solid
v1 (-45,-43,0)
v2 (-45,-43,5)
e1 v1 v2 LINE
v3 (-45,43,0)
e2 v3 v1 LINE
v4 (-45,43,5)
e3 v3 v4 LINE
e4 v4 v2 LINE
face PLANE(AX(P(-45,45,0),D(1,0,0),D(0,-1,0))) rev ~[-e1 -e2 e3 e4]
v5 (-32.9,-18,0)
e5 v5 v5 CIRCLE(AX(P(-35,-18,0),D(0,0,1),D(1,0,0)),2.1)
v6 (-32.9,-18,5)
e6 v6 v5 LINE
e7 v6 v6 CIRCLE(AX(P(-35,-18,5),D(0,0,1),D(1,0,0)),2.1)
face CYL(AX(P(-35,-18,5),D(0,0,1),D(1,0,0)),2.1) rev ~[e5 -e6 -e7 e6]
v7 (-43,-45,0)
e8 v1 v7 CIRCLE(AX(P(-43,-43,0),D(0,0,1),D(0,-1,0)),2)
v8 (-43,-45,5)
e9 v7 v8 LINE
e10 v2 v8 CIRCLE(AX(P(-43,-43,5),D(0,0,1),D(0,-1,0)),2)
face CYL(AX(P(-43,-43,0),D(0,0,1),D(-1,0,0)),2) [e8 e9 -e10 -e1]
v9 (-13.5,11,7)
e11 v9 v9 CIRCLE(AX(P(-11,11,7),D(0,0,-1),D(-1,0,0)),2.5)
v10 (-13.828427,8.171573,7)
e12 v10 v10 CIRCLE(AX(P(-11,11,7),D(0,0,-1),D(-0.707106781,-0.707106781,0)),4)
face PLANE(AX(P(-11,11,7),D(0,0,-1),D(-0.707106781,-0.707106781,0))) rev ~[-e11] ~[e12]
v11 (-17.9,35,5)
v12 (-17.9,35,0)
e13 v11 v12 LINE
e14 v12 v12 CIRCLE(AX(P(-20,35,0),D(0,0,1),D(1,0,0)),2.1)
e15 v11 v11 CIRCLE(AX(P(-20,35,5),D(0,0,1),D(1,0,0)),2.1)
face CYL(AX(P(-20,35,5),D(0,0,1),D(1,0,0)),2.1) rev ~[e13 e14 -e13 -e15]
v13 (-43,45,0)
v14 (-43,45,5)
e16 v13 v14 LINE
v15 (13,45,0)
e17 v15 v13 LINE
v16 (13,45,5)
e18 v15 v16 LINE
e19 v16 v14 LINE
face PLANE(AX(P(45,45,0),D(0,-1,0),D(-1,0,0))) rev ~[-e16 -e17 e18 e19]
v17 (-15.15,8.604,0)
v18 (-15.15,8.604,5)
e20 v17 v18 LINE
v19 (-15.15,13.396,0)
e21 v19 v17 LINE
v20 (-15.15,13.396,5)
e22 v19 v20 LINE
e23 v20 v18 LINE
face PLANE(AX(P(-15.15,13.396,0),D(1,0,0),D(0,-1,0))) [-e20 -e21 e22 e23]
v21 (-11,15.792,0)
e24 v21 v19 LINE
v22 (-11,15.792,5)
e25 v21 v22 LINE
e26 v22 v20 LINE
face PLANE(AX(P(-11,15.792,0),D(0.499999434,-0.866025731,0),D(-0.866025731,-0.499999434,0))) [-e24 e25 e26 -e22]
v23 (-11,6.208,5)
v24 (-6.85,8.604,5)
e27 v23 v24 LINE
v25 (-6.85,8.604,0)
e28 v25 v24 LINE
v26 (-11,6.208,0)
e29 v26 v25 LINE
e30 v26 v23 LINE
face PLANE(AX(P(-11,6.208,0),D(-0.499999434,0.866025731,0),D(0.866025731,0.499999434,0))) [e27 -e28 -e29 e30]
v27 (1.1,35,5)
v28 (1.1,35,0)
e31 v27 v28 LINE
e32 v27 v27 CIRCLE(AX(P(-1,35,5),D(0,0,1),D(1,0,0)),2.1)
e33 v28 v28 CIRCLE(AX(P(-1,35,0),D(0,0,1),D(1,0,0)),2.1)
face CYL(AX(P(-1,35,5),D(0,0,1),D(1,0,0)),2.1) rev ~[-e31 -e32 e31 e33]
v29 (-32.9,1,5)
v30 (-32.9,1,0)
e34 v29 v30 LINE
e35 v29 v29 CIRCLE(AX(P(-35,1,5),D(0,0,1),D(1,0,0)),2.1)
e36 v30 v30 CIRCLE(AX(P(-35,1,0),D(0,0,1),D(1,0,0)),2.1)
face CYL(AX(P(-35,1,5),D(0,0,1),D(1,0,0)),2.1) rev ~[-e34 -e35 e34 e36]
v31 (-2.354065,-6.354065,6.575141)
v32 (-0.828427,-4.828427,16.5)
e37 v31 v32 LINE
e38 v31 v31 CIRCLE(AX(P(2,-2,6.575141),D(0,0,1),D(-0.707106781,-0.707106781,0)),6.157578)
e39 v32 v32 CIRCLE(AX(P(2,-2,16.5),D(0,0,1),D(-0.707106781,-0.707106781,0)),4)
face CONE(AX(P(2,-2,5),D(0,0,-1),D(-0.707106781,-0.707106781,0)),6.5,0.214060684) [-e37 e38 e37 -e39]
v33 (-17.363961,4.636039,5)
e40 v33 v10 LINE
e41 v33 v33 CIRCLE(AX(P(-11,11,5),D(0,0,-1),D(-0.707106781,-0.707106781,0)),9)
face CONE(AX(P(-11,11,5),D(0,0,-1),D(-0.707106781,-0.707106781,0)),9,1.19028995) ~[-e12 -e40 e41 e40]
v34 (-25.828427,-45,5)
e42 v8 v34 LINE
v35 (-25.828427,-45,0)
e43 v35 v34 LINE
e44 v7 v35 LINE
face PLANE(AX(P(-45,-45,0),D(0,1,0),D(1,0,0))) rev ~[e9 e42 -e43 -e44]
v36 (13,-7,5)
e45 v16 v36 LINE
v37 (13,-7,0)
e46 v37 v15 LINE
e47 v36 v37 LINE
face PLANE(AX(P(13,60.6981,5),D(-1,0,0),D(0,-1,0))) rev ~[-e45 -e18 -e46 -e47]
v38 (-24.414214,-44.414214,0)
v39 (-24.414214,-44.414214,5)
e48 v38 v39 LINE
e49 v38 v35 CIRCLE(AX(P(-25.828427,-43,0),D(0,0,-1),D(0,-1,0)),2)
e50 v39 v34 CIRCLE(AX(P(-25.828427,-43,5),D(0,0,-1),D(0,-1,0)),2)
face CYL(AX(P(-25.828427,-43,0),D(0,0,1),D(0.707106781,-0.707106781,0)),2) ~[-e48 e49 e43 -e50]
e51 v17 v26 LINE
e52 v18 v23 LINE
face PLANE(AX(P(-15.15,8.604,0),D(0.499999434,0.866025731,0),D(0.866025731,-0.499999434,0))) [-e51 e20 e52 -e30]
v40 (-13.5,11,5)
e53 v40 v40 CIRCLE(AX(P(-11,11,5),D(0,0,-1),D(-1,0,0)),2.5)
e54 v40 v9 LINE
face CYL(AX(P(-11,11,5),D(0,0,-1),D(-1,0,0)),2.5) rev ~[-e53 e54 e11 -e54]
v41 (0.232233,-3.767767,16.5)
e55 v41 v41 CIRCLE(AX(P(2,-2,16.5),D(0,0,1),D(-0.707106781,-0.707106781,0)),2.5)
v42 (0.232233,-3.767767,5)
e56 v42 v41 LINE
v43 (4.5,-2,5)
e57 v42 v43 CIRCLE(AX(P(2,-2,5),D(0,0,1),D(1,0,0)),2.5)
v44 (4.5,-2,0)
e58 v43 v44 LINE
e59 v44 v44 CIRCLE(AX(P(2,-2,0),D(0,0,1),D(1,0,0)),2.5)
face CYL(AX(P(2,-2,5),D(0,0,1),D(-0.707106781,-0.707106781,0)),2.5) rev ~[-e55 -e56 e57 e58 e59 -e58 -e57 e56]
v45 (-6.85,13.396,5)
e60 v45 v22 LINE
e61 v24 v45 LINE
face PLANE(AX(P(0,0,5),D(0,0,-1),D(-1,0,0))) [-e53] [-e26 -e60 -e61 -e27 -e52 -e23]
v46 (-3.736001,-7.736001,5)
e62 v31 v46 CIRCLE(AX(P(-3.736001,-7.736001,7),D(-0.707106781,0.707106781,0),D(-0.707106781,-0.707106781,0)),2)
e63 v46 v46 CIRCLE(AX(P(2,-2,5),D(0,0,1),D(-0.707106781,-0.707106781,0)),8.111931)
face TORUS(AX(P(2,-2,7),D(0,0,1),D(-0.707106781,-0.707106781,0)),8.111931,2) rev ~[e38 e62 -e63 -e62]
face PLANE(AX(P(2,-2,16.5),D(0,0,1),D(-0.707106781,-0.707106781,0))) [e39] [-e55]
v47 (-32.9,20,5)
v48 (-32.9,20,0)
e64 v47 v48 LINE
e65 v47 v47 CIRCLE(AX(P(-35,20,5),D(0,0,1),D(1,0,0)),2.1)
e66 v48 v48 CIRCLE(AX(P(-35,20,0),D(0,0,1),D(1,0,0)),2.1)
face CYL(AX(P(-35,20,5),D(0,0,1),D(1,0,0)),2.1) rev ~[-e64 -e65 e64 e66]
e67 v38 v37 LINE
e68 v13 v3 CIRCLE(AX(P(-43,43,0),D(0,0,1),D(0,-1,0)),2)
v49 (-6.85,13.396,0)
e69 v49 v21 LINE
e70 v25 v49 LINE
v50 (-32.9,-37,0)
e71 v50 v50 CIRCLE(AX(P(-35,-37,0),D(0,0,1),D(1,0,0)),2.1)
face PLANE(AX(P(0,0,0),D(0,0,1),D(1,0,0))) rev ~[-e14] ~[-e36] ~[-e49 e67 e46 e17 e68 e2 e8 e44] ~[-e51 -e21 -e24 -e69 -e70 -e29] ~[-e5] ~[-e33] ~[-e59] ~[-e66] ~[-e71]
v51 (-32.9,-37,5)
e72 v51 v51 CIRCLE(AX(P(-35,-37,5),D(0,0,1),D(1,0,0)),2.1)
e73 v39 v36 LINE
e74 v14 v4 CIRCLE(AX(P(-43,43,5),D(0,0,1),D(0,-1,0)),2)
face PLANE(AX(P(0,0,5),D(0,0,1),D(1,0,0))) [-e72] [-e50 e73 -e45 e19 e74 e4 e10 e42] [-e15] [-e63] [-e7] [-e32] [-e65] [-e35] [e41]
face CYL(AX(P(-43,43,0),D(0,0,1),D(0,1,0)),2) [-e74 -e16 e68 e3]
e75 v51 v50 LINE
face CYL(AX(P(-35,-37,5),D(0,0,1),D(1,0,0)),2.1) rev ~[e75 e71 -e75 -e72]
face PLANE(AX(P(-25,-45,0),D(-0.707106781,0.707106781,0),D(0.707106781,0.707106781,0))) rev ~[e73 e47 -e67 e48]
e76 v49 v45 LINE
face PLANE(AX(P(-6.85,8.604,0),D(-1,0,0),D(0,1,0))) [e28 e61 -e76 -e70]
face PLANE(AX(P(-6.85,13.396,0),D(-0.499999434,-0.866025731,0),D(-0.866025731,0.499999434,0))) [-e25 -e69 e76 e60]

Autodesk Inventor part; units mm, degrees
ref_plane "YZ Plane" through (0, 0, 0) normal (1, 0, 0) x (0, 1, 0)
ref_plane "XZ Plane" through (0, 0, 0) normal (0, 1, 0) x (-1, 0, 0)
ref_plane "XY Plane" through (0, 0, 0) normal (0, 0, 1) x (1, 0, 0)
sketch "Sketch1" plane through (0, 0, 0) normal (0, 0, 1) x (1, 0, 0)
  line L0 (-45, 45) -> (-45, -45)
  line L1 (-45, -45) -> (-25, -45)
  line L2 (-25, -45) -> (45, 25)
  line L3 (45, 25) -> (45, 45)
  line L4 (45, 45) -> (-45, 45)
  point P0 (0, 0)
  point P1 (0, 45)
  point P2 (-45, 0)
  dimension "d0" = 20
  dimension "d1" = 20
  dimension "d2" = 90
  dimension "d3" = 90
extrude "Extrusion1" add sketch "Sketch1" along normal blind 5
sketch "Sketch2" plane through (0, 0, 5) normal (0, 0, 1) x (1, 0, 0)
  circle A0 centre (-11, 11) radius 2.5
  circle A1 centre (2, -2) radius 2.5
  line L0 (-25, -45) -> (45, 25) projected
  line L1 (45, 45) -> (-45, 45) projected
  line L2 (10, -10) -> (-45, 45) construction
  line L3 (-45, 45) -> (-45, -45) projected
  point P0 (0, 0)
  dimension "d6" = 5
  dimension "d7" = 34
  dimension "d8" = 13
extrude "Extrusion2" cut sketch "Sketch2" against normal blind 6
ref_plane "Work Plane2" through (-11, 11, 5) normal (0.7071, -0.7071, 0) x (0.7071, 0.7071, 0)
ref_plane "Work Plane1" through (-9.2322, 9.2322, 5) normal (0.7071, -0.7071, 0) x (0.7071, 0.7071, 0)
sketch "Sketch3" plane through (-11, 11, 5) normal (0.7071, -0.7071, 0) x (0.7071, 0.7071, 0)
  line L0 (-49.4975, 0) -> (49.4975, 0) projected
  line L1 (0, 2) -> (0, 0)
  line L2 (-9, 0) -> (0, 0)
  line L3 (-9, 0) -> (-4, 2)
  line L4 (-4, 2) -> (0, 2)
  point P0 (0, -5)
  dimension "d12" = 9
  dimension "d13" = 2
  dimension "d17" = 4
revolve "Revolution1" add sketch "Sketch3" angle 360 about axis through (-11, 11, 7) along (0, 0, -1)
sketch "Sketch4" plane through (-11, 11, 5) normal (0, 0, -1) x (-1, 0, 0)
  circle A0 centre (0, 0) radius 2.5 projected
  point P0 (-11, -11)
extrude "Extrusion3" cut sketch "Sketch4" against normal up to next
sketch "Sketch5" plane through (0, 0, 5) normal (0, 0, 1) x (1, 0, 0)
  circle A0 centre (-35, -37) radius 2.1
  circle A1 centre (-35, -18) radius 2.1
  circle A2 centre (-35, 20) radius 2.1
  circle A3 centre (-20, 35) radius 2.1
  circle A4 centre (-1, 35) radius 2.1
  circle A5 centre (18, 35) radius 2.1
  circle A6 centre (37, 35) radius 2.1
  line L0 (-45, -45) -> (-25, -45) projected
  line L1 (45, 25) -> (45, 45) projected
  circle A7 centre (-35, 1) radius 2.1
  point P0 (0, 0)
  point P1 (45, 35)
  point P2 (-35, -45)
  point P3 (-35, -45)
  point P4 (-35, -45)
  dimension "d18" = 4.2
  dimension "d19" = 8
  dimension "d20" = 19
  dimension "d21" = 19
  dimension "d22" = 19
  dimension "d23" = 8
  dimension "d24" = 19
  dimension "d25" = 19
  dimension "d26" = 19
extrude "Extrusion4" cut sketch "Sketch5" against normal up to next
sketch "Sketch7" plane through (0, 0, 0) normal (0, 0, -1) x (-1, 0, 0)
  line L0 (15.15, 13.396) -> (15.15, 8.604)
  line L1 (15.15, 8.604) -> (11, 6.208)
  line L2 (11, 6.208) -> (6.85, 8.604)
  line L3 (6.85, 8.604) -> (6.85, 13.396)
  line L4 (6.85, 13.396) -> (11, 15.792)
  line L5 (11, 15.792) -> (15.15, 13.396)
  circle A0 centre (11, 11) radius 2.5 projected
  circle A1 centre (11, 11) radius 4.15 construction
  point P0 (0, 0)
  point P1 (15.15, 11)
  dimension "d30" = 8.3
  dimension "d32" = 8.3
extrude "Extrusion5" cut sketch "Sketch7" against normal blind 5
ref_plane "Work Plane4" through (2, -2, 5) normal (0.7071, -0.7071, 0) x (0.7071, 0.7071, 0)
ref_plane "Work Plane3" through (0.2322, -0.2322, 5) normal (0.7071, -0.7071, 0) x (0.7071, 0.7071, 0)
sketch "Sketch8" plane through (2, -2, 5) normal (0.7071, -0.7071, 0) x (0.7071, 0.7071, 0)
  line L0 (2.5, -5) -> (-2.5, -5) projected
  line L1 (-2.5, 0) -> (2.5, 0) projected
  line L2 (-2.5, 0) -> (2.5, 0) projected
  line L3 (-2.5, 0) -> (-6.5, 0)
  line L4 (-6.5, 0) -> (-4, 11.5)
  line L5 (-4, 11.5) -> (-2.5, 11.5)
  line L6 (-2.5, 0) -> (-2.5, 11.5)
  line L7 (0, 0) -> (0, 4.1579) construction
  point P0 (0, -5)
  dimension "d36" = 4
  dimension "d37" = 1.5
  dimension "d38" = 11.5
revolve "Revolution2" add sketch "Sketch8" angle 360 about axis through (2, -2, 5) along (0, 0, 1)
fillet "Fillet2" radius 2 1 edges at (6.5962, 2.5962, 5)
fillet "Fillet3" radius 2 5 edges at (-45, -45, 2.5) (-25, -45, 2.5) (45, 25, 2.5) (45, 45, 2.5) (-45, 45, 2.5)
sketch "Sketch9" plane through (0, 0, 5) normal (0, 0, 1) x (1, 0, 0)
  line L0 (45, 60.6981) -> (13, 60.6981)
  line L1 (13, 60.6981) -> (13, -8.5167)
  line L2 (13, -8.5167) -> (45, -8.5167)
  line L3 (45, -8.5167) -> (45, 60.6981)
  point P0 (0, 0)
  point P1 (45, 43)
  dimension "d42" = 32
extrude "Extrusion6" cut sketch "Sketch9" against normal up to next
equation "\"d21\" = d20"
equation "\"d22\" = d20"
equation "\"d23\" = d19"
equation "\"d24\" = d20"
equation "\"d25\" = d20"
equation "\"d26\" = d20"
properties part number "bracket-GT2-right"
